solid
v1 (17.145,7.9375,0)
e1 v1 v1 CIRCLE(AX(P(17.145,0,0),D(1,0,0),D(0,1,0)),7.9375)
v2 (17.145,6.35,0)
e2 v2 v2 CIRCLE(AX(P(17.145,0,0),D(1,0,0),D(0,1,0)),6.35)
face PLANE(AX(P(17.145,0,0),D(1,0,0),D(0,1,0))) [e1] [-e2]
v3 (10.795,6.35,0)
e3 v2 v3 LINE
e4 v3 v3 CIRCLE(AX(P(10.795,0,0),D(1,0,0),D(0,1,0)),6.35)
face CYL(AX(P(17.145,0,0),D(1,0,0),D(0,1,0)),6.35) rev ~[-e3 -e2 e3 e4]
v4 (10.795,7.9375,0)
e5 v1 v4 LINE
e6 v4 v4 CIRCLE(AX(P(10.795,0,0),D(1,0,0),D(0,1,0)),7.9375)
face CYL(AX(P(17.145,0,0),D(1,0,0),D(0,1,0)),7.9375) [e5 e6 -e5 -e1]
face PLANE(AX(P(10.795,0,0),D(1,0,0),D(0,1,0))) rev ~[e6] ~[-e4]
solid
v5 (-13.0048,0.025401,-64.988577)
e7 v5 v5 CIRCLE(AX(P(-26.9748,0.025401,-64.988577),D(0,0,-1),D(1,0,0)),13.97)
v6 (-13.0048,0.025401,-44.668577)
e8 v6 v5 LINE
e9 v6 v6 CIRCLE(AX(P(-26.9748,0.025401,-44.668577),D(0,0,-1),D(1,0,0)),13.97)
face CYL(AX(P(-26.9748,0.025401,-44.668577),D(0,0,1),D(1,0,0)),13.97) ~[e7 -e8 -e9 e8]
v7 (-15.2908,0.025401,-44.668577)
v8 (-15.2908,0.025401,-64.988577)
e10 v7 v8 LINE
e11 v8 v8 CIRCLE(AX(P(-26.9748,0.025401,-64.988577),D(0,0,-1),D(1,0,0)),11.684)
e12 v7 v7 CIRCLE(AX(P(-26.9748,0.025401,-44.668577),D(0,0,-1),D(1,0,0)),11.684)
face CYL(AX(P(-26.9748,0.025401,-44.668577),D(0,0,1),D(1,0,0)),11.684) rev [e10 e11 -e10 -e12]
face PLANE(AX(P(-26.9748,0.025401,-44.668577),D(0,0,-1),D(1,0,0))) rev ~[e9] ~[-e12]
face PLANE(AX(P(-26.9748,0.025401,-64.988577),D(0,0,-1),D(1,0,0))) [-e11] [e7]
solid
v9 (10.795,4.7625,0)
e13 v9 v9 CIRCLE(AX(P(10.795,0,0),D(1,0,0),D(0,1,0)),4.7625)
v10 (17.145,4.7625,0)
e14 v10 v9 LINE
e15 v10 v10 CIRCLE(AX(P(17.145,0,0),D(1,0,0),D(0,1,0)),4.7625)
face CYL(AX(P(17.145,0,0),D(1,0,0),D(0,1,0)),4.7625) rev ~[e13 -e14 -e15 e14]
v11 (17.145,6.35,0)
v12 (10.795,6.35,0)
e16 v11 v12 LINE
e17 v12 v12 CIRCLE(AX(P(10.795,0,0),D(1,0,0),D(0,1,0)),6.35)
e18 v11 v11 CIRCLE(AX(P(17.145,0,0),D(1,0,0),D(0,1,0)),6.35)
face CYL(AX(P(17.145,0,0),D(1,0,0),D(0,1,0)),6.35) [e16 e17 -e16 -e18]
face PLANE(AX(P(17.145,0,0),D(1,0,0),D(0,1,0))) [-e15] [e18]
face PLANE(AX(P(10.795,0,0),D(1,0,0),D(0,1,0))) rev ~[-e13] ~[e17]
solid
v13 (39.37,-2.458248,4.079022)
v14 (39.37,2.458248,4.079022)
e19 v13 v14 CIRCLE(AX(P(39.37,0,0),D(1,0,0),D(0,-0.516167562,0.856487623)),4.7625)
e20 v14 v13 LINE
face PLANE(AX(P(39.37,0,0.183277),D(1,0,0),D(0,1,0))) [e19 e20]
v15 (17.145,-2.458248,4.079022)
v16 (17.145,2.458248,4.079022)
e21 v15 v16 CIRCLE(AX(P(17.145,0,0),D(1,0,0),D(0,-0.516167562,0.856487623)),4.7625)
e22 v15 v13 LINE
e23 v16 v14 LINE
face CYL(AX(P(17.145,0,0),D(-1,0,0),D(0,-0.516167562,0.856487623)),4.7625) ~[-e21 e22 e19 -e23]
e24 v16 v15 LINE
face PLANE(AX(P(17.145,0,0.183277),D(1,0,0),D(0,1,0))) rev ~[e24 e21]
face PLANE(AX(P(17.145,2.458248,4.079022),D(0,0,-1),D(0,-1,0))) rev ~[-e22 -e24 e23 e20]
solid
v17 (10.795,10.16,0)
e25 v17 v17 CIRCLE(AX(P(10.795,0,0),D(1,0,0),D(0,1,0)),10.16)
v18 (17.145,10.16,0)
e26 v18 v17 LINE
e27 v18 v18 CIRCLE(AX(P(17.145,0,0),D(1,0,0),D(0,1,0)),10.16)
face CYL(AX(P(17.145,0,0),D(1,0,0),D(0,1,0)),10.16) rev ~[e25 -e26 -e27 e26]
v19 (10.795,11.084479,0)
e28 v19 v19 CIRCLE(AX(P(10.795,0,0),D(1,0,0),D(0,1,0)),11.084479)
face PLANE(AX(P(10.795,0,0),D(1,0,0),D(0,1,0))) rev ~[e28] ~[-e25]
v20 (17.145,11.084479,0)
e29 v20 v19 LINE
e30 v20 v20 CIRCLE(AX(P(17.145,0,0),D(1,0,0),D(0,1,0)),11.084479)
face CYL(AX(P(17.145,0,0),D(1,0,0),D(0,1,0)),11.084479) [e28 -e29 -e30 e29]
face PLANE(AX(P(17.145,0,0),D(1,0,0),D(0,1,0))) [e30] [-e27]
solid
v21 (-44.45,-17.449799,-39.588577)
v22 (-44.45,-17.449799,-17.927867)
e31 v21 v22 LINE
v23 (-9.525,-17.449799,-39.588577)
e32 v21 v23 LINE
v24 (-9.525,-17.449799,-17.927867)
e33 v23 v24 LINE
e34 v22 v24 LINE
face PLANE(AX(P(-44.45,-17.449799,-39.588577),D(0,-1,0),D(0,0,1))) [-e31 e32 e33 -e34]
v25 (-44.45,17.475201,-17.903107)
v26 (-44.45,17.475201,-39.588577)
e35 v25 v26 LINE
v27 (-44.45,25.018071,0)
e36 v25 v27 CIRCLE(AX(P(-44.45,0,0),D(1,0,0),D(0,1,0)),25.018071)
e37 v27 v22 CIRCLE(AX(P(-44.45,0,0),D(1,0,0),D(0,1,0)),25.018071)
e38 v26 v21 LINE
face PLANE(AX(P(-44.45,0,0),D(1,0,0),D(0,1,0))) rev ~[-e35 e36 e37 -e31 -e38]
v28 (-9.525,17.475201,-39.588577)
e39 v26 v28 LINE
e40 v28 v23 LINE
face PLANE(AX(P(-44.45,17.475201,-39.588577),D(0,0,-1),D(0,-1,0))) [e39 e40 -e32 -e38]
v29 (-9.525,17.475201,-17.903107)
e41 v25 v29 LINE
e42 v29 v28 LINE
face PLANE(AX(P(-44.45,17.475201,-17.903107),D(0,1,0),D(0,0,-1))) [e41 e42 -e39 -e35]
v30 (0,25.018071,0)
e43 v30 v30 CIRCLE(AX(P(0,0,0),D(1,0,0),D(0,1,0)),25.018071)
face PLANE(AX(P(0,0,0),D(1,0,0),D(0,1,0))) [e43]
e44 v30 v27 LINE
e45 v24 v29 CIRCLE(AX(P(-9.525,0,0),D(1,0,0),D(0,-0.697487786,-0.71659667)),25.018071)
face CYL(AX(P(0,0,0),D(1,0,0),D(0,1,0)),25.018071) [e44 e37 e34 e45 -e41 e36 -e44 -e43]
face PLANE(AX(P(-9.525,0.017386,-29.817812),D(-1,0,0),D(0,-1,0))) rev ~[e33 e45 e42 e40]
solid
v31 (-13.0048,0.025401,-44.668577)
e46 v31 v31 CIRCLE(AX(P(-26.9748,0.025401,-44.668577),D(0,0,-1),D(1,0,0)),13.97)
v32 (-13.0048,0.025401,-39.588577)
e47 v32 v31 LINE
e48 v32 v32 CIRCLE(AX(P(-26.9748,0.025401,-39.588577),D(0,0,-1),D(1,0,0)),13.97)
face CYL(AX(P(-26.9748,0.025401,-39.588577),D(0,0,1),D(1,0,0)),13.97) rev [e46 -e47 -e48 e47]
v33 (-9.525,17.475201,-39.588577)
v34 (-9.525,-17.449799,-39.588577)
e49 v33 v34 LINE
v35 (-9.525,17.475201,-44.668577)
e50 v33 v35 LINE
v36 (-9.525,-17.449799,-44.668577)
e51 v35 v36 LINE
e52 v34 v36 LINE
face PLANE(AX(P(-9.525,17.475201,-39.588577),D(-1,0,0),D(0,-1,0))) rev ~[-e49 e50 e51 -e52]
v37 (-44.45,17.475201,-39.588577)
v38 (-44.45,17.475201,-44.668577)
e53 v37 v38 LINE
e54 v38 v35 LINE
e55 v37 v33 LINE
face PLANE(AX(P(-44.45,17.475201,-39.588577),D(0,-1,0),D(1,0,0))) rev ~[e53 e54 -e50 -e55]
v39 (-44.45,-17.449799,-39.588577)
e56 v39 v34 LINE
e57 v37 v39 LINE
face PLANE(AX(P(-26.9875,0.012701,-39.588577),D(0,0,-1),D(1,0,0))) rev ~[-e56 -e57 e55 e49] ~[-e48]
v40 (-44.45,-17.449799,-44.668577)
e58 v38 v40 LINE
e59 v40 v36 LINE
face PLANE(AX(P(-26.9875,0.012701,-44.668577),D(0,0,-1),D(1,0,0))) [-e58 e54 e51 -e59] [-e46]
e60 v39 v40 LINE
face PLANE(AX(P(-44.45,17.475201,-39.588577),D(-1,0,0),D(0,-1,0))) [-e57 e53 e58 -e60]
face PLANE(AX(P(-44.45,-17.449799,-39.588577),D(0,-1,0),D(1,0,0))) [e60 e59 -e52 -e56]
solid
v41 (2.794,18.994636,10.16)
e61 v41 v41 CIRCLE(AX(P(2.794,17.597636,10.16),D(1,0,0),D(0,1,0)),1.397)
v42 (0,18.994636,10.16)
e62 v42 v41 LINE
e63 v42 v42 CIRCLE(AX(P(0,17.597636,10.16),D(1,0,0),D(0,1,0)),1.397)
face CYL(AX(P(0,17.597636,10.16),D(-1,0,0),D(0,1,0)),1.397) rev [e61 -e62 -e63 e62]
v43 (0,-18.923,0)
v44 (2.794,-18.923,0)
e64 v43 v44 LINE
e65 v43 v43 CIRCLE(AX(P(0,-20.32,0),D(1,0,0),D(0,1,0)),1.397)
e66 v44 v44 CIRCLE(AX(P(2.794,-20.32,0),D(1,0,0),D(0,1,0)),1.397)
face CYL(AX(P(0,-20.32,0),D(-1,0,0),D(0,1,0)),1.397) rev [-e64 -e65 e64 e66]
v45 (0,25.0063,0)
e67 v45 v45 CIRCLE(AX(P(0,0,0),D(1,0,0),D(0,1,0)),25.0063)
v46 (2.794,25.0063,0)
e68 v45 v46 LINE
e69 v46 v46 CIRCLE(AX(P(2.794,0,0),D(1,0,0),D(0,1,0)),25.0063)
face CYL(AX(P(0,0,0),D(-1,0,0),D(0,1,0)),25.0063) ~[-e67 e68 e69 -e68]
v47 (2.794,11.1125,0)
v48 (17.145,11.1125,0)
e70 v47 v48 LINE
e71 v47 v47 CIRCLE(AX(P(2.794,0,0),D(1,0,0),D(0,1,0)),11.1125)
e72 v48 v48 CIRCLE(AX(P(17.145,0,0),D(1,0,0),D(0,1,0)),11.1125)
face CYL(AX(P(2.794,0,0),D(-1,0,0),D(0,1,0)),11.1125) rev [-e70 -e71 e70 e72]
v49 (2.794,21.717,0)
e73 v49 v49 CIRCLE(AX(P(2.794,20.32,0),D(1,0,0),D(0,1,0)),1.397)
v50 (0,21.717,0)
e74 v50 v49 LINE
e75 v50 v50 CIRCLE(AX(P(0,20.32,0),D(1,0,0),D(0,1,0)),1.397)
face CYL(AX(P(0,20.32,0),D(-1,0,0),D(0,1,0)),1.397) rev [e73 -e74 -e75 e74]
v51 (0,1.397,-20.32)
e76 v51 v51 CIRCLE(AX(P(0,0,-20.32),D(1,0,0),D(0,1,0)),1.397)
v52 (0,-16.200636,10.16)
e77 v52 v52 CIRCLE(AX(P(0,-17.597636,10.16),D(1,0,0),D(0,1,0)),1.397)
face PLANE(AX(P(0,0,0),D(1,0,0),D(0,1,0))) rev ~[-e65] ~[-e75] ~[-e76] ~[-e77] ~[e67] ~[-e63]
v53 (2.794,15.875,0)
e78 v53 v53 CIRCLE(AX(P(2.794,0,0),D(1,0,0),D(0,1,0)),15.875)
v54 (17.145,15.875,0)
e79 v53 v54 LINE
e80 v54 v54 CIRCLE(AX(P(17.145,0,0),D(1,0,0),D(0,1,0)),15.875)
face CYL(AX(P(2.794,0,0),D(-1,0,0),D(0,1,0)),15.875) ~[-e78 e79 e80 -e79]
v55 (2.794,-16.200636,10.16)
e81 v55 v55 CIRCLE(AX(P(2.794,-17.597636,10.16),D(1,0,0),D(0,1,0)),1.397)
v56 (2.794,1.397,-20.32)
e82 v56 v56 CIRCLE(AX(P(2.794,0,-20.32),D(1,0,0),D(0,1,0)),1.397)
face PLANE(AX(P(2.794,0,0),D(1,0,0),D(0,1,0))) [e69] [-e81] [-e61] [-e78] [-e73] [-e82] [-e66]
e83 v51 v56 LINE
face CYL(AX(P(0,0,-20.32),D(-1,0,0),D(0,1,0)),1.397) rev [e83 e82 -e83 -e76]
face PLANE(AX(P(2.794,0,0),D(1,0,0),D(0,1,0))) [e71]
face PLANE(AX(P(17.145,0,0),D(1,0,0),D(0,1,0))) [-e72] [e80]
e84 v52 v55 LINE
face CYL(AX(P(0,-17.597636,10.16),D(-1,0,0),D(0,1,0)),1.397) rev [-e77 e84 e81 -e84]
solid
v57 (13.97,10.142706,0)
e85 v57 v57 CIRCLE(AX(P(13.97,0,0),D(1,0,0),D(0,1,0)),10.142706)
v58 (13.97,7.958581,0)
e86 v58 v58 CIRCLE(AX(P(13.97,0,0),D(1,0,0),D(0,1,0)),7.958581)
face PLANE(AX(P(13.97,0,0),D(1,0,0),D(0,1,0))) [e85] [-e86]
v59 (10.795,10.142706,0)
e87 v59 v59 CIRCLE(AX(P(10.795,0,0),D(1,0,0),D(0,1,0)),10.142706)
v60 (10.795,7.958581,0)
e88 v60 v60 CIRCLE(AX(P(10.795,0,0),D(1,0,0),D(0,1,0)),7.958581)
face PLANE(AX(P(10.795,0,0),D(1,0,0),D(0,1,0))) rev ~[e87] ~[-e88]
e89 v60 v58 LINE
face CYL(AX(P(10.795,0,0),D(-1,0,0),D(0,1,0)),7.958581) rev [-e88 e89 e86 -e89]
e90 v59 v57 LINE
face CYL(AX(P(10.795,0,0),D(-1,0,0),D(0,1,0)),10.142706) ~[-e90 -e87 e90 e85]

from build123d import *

# Parameters (mm, degrees)
F0_R      = 25.0063
F0_R_2    = 1.397
F1_DEPTH  = 2.794
F2_R      = 15.875
F2_R_2    = 11.1125
F3_DEPTH  = 14.351
F5_DEPTH  = 22.225
F6_R      = 25.0180713207
F7_DEPTH  = 44.45
F9_DEPTH  = 34.925
F10_R     = 6.35
F10_R_2   = 4.7625
F11_DEPTH = 6.35
F12_R     = 7.9375
F12_R_2   = 6.35
F13_DEPTH = 6.35
F14_R     = 11.08447927
F14_R_2   = 10.16
F15_DEPTH = 6.35
F16_R     = 10.1427061105
F16_R_2   = 7.9585807432
F17_DEPTH = 3.175
F19_W     = 34.925
F19_H     = 34.925
F19_R     = 13.97
F20_DEPTH = 5.08
F21_R     = 13.97
F21_R_2   = 11.684
F22_DEPTH = 20.32


with BuildPart() as f1:
    # F0 (on Right) → F1 (new body)
    with BuildSketch(Plane.YZ):
        Circle(F0_R)
        with Locations((0, -20.32)):
            Circle(F0_R_2, mode=Mode.SUBTRACT)
        with Locations((-20.32, 0)):
            Circle(F0_R_2, mode=Mode.SUBTRACT)
        with Locations((-17.5976362049, 10.16)):
            Circle(F0_R_2, mode=Mode.SUBTRACT)
        with Locations((20.32, 0)):
            Circle(F0_R_2, mode=Mode.SUBTRACT)
        with Locations((17.5976362049, 10.16)):
            Circle(F0_R_2, mode=Mode.SUBTRACT)
    extrude(amount=F1_DEPTH)

    # F2 (on face) → F3 (join)
    with BuildSketch(Plane.YZ.offset(2.794)):
        Circle(F2_R)
        Circle(F2_R_2, mode=Mode.SUBTRACT)
    extrude(amount=F3_DEPTH)


with BuildPart() as f5:
    # F4 (on face) → F5 (new body)
    with BuildSketch(Plane.YZ.offset(17.145)):
        with BuildLine():
            Line((2.4582480132, 4.0790223039), (-2.4582480132, 4.0790223039))
            ThreePointArc((-2.4582480132, 4.0790223039), (0, -4.7625), (2.4582480132, 4.0790223039))
        make_face()
    extrude(amount=F5_DEPTH)


with BuildPart() as f7:
    # F6 (on Right) → F7 (new body)
    with BuildSketch(Plane.YZ):
        Circle(F6_R)
    extrude(amount=-F7_DEPTH)

    # F8 (on face) → F9 (join)
    with BuildSketch(Plane(origin=(-44.45, 0, 0), x_dir=(0, -1, 0), z_dir=(-1, 0, 0))):
        with BuildLine():
            Line((-17.475200817, -38.1248667836), (-17.475200817, -39.588577036))
            Line((-17.475200817, -39.588577036), (17.449799183, -39.588577036))
            Line((17.449799183, -39.588577036), (17.449799183, -38.6783927679))
            Line((17.449799183, -38.6783927679), (17.449799183, -17.9278666071))
            ThreePointArc((17.449799183, -17.9278666071), (-0.0177360441, -25.0180650339), (-17.475200817, -17.9031072447))
            Line((-17.475200817, -17.9031072447), (-17.475200817, -38.1248667836))
        make_face()
    extrude(amount=-F9_DEPTH)


with BuildPart() as f11:
    # F10 (on face) → F11 (new body)
    with BuildSketch(Plane.YZ.offset(17.145)):
        Circle(F10_R)
        Circle(F10_R_2, mode=Mode.SUBTRACT)
    extrude(amount=-F11_DEPTH)


with BuildPart() as f13:
    # F12 (on face) → F13 (new body)
    with BuildSketch(Plane.YZ.offset(17.145)):
        Circle(F12_R)
        Circle(F12_R_2, mode=Mode.SUBTRACT)
    extrude(amount=-F13_DEPTH)


with BuildPart() as f15:
    # F14 (on face) → F15 (new body)
    with BuildSketch(Plane.YZ.offset(17.145)):
        Circle(F14_R)
        Circle(F14_R_2, mode=Mode.SUBTRACT)
    extrude(amount=-F15_DEPTH)


with BuildPart() as f17:
    # F16 (on face) → F17 (new body)
    with BuildSketch(Plane.YZ.offset(17.145)):
        Circle(F16_R)
        Circle(F16_R_2, mode=Mode.SUBTRACT)
    extrude(amount=F17_DEPTH)


with BuildPart() as f17_1:
    # F18: moved
    add(f17.part.moved(Location((-6.35, 0, 0))))


with BuildPart() as f20:
    # F19 (on face) → F20 (new body)
    with BuildSketch(Plane(origin=(0, 0, -39.588577036), x_dir=(1, 0, 0), z_dir=(0, 0, -1))):
        with Locations((-26.9875, -0.012700817)):
            Rectangle(F19_W, F19_H)
        with Locations((-26.9748, -0.025400817)):
            Circle(F19_R, mode=Mode.SUBTRACT)
    extrude(amount=F20_DEPTH)


with BuildPart() as f22:
    # F21 (on face) → F22 (new body)
    with BuildSketch(Plane(origin=(0, 0, -44.668577036), x_dir=(1, 0, 0), z_dir=(0, 0, -1))):
        with Locations((-26.9748, -0.025400817)):
            Circle(F21_R)
        with Locations((-26.9748, -0.025400817)):
            Circle(F21_R_2, mode=Mode.SUBTRACT)
    extrude(amount=F22_DEPTH)


solid = Compound([f1.part, f5.part, f7.part, f11.part, f13.part, f15.part, f17_1.part, f20.part, f22.part])
